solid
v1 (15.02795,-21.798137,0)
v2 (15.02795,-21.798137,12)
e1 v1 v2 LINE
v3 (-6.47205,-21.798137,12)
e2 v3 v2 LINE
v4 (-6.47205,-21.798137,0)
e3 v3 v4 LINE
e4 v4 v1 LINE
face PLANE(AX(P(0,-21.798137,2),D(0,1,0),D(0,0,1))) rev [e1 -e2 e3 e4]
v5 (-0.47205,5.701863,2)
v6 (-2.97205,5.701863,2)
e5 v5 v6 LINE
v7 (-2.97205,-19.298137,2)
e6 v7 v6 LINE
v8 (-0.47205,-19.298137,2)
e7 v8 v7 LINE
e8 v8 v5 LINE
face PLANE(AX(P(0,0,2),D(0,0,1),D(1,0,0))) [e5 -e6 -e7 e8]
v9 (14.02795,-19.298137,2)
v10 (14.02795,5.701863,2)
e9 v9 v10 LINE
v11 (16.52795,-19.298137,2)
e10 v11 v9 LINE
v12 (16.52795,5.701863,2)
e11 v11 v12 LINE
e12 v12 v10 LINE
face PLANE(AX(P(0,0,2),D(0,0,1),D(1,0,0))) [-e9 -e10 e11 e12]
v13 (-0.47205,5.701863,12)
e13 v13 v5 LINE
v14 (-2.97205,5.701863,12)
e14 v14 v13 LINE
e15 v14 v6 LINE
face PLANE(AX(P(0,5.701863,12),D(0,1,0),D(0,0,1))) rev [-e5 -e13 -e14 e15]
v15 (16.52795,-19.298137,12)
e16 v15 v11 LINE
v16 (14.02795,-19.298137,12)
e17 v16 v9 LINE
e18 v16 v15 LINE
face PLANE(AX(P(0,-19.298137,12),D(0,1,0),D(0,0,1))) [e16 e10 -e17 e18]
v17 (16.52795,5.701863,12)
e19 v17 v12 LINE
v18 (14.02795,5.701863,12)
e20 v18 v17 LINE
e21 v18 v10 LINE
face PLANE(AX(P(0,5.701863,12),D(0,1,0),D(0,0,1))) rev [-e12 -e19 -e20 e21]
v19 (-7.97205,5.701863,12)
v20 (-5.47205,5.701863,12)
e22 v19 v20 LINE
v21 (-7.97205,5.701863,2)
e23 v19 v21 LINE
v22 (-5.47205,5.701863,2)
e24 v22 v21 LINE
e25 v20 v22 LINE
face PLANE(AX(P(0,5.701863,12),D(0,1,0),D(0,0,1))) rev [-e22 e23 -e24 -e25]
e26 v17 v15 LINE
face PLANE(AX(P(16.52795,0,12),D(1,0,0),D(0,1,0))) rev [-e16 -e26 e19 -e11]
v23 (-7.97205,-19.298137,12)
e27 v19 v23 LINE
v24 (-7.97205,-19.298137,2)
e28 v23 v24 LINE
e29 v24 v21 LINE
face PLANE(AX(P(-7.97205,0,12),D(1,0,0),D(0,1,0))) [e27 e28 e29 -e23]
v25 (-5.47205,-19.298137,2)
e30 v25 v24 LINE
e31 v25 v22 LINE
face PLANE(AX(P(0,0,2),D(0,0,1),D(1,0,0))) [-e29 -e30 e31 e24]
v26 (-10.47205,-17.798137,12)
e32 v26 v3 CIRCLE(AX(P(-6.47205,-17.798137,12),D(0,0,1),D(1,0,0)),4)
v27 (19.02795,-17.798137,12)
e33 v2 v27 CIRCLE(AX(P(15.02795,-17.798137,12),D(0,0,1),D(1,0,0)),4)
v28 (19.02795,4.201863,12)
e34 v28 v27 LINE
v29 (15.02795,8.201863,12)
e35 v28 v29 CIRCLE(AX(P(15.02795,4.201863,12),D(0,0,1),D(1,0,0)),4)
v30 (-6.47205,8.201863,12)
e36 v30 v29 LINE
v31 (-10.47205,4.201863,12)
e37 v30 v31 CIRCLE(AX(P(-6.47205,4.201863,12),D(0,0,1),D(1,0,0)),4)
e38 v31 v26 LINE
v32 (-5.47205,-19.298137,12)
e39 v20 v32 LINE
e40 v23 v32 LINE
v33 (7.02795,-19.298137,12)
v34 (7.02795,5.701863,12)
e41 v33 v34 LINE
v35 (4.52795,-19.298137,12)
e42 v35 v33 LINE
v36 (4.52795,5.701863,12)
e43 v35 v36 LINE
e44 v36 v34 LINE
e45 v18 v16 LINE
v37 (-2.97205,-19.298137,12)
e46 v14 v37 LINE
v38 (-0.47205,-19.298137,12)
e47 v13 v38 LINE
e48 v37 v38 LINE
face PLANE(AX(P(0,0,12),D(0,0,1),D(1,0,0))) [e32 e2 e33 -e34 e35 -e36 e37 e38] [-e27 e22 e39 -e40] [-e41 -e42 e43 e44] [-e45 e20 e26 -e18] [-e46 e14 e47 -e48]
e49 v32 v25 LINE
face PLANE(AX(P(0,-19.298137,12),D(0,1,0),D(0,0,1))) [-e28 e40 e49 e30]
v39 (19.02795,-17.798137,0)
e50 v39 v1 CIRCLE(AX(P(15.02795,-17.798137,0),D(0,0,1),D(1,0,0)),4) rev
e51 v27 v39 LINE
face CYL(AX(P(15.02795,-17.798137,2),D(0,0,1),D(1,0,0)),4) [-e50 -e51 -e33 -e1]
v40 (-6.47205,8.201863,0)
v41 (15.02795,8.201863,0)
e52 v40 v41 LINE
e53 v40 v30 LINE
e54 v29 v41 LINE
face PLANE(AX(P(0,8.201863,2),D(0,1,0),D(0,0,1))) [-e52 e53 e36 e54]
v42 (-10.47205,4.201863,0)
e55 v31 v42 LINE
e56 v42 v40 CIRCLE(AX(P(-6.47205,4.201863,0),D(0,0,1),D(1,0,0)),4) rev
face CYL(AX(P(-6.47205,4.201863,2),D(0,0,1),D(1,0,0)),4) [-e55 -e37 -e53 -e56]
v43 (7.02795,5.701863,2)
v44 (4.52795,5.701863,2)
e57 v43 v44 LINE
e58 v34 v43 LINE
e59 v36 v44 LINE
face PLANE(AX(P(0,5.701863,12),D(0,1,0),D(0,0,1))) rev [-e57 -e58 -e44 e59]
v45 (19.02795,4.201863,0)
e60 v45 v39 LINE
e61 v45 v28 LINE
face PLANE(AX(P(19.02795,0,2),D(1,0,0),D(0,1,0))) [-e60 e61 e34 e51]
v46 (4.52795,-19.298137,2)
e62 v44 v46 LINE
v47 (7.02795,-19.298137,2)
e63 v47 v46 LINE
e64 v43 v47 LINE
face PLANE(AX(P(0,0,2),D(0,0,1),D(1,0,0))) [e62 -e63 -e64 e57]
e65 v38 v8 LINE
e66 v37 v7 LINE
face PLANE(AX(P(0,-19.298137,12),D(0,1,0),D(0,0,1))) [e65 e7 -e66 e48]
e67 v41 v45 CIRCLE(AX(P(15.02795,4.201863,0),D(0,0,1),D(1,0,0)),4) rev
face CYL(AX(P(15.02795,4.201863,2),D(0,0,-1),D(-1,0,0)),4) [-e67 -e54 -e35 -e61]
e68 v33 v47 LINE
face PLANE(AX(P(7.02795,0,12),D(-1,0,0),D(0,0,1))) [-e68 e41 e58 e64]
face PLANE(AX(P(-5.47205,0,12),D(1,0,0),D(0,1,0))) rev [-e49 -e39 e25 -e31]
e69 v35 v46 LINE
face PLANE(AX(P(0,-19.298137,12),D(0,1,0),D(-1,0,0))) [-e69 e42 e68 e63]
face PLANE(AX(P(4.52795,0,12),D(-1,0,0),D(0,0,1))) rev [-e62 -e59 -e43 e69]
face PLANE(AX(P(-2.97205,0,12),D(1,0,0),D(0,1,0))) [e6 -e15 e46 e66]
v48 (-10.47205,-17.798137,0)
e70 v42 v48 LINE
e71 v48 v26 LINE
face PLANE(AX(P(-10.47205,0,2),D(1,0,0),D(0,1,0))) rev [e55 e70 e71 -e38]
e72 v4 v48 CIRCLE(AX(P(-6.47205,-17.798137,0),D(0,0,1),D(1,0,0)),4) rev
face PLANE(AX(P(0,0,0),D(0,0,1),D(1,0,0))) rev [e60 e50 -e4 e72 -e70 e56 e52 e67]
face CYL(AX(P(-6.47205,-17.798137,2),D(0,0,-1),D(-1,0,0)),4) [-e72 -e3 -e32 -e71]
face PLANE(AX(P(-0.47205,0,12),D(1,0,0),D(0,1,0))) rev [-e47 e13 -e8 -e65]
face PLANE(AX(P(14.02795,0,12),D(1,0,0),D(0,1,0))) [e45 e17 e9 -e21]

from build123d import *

# Parameters (mm, degrees)
SKETCH1_W           = 29.5
SKETCH1_H           = 30
BOSS_EXTRUDE3_DEPTH = 2
SKETCH1_8_W         = 29.5
SKETCH1_8_H         = 30
SKETCH1_8_W_2       = 2.5
SKETCH1_8_H_2       = 25
BOSS_EXTRUDE4_DEPTH = 12
FILLET2_R           = 4


with BuildPart() as part:
    # Sketch1 → Boss-Extrude3 (new body)
    with BuildSketch(Plane.XY):
        with Locations((4.277950311, -6.798136646)):
            Rectangle(SKETCH1_W, SKETCH1_H)
    extrude(amount=BOSS_EXTRUDE3_DEPTH)

    # Sketch1<8> → Boss-Extrude4 (add)
    with BuildSketch(Plane.XY):
        with Locations((4.277950311, -6.798136646)):
            Rectangle(SKETCH1_8_W, SKETCH1_8_H)
        with Locations((15.277950311, -6.798136646)):
            Rectangle(SKETCH1_8_W_2, SKETCH1_8_H_2, mode=Mode.SUBTRACT)
        with Locations((5.777950311, -6.798136646)):
            Rectangle(SKETCH1_8_W_2, SKETCH1_8_H_2, mode=Mode.SUBTRACT)
        with Locations((-1.722049689, -6.798136646)):
            Rectangle(SKETCH1_8_W_2, SKETCH1_8_H_2, mode=Mode.SUBTRACT)
        with Locations((-6.722049689, -6.798136646)):
            Rectangle(SKETCH1_8_W_2, SKETCH1_8_H_2, mode=Mode.SUBTRACT)
    extrude(amount=BOSS_EXTRUDE4_DEPTH)

    # Fillet2
    fillet2_edges = [part.edges().sort_by_distance(p)[0] for p in [
        (19.027950311, -21.798136646, 6),
        (-10.472049689, -21.798136646, 6),
        (-10.472049689, 8.201863354, 6),
        (19.027950311, 8.201863354, 6),
    ]]
    fillet(fillet2_edges, radius=FILLET2_R)


solid = part.part
